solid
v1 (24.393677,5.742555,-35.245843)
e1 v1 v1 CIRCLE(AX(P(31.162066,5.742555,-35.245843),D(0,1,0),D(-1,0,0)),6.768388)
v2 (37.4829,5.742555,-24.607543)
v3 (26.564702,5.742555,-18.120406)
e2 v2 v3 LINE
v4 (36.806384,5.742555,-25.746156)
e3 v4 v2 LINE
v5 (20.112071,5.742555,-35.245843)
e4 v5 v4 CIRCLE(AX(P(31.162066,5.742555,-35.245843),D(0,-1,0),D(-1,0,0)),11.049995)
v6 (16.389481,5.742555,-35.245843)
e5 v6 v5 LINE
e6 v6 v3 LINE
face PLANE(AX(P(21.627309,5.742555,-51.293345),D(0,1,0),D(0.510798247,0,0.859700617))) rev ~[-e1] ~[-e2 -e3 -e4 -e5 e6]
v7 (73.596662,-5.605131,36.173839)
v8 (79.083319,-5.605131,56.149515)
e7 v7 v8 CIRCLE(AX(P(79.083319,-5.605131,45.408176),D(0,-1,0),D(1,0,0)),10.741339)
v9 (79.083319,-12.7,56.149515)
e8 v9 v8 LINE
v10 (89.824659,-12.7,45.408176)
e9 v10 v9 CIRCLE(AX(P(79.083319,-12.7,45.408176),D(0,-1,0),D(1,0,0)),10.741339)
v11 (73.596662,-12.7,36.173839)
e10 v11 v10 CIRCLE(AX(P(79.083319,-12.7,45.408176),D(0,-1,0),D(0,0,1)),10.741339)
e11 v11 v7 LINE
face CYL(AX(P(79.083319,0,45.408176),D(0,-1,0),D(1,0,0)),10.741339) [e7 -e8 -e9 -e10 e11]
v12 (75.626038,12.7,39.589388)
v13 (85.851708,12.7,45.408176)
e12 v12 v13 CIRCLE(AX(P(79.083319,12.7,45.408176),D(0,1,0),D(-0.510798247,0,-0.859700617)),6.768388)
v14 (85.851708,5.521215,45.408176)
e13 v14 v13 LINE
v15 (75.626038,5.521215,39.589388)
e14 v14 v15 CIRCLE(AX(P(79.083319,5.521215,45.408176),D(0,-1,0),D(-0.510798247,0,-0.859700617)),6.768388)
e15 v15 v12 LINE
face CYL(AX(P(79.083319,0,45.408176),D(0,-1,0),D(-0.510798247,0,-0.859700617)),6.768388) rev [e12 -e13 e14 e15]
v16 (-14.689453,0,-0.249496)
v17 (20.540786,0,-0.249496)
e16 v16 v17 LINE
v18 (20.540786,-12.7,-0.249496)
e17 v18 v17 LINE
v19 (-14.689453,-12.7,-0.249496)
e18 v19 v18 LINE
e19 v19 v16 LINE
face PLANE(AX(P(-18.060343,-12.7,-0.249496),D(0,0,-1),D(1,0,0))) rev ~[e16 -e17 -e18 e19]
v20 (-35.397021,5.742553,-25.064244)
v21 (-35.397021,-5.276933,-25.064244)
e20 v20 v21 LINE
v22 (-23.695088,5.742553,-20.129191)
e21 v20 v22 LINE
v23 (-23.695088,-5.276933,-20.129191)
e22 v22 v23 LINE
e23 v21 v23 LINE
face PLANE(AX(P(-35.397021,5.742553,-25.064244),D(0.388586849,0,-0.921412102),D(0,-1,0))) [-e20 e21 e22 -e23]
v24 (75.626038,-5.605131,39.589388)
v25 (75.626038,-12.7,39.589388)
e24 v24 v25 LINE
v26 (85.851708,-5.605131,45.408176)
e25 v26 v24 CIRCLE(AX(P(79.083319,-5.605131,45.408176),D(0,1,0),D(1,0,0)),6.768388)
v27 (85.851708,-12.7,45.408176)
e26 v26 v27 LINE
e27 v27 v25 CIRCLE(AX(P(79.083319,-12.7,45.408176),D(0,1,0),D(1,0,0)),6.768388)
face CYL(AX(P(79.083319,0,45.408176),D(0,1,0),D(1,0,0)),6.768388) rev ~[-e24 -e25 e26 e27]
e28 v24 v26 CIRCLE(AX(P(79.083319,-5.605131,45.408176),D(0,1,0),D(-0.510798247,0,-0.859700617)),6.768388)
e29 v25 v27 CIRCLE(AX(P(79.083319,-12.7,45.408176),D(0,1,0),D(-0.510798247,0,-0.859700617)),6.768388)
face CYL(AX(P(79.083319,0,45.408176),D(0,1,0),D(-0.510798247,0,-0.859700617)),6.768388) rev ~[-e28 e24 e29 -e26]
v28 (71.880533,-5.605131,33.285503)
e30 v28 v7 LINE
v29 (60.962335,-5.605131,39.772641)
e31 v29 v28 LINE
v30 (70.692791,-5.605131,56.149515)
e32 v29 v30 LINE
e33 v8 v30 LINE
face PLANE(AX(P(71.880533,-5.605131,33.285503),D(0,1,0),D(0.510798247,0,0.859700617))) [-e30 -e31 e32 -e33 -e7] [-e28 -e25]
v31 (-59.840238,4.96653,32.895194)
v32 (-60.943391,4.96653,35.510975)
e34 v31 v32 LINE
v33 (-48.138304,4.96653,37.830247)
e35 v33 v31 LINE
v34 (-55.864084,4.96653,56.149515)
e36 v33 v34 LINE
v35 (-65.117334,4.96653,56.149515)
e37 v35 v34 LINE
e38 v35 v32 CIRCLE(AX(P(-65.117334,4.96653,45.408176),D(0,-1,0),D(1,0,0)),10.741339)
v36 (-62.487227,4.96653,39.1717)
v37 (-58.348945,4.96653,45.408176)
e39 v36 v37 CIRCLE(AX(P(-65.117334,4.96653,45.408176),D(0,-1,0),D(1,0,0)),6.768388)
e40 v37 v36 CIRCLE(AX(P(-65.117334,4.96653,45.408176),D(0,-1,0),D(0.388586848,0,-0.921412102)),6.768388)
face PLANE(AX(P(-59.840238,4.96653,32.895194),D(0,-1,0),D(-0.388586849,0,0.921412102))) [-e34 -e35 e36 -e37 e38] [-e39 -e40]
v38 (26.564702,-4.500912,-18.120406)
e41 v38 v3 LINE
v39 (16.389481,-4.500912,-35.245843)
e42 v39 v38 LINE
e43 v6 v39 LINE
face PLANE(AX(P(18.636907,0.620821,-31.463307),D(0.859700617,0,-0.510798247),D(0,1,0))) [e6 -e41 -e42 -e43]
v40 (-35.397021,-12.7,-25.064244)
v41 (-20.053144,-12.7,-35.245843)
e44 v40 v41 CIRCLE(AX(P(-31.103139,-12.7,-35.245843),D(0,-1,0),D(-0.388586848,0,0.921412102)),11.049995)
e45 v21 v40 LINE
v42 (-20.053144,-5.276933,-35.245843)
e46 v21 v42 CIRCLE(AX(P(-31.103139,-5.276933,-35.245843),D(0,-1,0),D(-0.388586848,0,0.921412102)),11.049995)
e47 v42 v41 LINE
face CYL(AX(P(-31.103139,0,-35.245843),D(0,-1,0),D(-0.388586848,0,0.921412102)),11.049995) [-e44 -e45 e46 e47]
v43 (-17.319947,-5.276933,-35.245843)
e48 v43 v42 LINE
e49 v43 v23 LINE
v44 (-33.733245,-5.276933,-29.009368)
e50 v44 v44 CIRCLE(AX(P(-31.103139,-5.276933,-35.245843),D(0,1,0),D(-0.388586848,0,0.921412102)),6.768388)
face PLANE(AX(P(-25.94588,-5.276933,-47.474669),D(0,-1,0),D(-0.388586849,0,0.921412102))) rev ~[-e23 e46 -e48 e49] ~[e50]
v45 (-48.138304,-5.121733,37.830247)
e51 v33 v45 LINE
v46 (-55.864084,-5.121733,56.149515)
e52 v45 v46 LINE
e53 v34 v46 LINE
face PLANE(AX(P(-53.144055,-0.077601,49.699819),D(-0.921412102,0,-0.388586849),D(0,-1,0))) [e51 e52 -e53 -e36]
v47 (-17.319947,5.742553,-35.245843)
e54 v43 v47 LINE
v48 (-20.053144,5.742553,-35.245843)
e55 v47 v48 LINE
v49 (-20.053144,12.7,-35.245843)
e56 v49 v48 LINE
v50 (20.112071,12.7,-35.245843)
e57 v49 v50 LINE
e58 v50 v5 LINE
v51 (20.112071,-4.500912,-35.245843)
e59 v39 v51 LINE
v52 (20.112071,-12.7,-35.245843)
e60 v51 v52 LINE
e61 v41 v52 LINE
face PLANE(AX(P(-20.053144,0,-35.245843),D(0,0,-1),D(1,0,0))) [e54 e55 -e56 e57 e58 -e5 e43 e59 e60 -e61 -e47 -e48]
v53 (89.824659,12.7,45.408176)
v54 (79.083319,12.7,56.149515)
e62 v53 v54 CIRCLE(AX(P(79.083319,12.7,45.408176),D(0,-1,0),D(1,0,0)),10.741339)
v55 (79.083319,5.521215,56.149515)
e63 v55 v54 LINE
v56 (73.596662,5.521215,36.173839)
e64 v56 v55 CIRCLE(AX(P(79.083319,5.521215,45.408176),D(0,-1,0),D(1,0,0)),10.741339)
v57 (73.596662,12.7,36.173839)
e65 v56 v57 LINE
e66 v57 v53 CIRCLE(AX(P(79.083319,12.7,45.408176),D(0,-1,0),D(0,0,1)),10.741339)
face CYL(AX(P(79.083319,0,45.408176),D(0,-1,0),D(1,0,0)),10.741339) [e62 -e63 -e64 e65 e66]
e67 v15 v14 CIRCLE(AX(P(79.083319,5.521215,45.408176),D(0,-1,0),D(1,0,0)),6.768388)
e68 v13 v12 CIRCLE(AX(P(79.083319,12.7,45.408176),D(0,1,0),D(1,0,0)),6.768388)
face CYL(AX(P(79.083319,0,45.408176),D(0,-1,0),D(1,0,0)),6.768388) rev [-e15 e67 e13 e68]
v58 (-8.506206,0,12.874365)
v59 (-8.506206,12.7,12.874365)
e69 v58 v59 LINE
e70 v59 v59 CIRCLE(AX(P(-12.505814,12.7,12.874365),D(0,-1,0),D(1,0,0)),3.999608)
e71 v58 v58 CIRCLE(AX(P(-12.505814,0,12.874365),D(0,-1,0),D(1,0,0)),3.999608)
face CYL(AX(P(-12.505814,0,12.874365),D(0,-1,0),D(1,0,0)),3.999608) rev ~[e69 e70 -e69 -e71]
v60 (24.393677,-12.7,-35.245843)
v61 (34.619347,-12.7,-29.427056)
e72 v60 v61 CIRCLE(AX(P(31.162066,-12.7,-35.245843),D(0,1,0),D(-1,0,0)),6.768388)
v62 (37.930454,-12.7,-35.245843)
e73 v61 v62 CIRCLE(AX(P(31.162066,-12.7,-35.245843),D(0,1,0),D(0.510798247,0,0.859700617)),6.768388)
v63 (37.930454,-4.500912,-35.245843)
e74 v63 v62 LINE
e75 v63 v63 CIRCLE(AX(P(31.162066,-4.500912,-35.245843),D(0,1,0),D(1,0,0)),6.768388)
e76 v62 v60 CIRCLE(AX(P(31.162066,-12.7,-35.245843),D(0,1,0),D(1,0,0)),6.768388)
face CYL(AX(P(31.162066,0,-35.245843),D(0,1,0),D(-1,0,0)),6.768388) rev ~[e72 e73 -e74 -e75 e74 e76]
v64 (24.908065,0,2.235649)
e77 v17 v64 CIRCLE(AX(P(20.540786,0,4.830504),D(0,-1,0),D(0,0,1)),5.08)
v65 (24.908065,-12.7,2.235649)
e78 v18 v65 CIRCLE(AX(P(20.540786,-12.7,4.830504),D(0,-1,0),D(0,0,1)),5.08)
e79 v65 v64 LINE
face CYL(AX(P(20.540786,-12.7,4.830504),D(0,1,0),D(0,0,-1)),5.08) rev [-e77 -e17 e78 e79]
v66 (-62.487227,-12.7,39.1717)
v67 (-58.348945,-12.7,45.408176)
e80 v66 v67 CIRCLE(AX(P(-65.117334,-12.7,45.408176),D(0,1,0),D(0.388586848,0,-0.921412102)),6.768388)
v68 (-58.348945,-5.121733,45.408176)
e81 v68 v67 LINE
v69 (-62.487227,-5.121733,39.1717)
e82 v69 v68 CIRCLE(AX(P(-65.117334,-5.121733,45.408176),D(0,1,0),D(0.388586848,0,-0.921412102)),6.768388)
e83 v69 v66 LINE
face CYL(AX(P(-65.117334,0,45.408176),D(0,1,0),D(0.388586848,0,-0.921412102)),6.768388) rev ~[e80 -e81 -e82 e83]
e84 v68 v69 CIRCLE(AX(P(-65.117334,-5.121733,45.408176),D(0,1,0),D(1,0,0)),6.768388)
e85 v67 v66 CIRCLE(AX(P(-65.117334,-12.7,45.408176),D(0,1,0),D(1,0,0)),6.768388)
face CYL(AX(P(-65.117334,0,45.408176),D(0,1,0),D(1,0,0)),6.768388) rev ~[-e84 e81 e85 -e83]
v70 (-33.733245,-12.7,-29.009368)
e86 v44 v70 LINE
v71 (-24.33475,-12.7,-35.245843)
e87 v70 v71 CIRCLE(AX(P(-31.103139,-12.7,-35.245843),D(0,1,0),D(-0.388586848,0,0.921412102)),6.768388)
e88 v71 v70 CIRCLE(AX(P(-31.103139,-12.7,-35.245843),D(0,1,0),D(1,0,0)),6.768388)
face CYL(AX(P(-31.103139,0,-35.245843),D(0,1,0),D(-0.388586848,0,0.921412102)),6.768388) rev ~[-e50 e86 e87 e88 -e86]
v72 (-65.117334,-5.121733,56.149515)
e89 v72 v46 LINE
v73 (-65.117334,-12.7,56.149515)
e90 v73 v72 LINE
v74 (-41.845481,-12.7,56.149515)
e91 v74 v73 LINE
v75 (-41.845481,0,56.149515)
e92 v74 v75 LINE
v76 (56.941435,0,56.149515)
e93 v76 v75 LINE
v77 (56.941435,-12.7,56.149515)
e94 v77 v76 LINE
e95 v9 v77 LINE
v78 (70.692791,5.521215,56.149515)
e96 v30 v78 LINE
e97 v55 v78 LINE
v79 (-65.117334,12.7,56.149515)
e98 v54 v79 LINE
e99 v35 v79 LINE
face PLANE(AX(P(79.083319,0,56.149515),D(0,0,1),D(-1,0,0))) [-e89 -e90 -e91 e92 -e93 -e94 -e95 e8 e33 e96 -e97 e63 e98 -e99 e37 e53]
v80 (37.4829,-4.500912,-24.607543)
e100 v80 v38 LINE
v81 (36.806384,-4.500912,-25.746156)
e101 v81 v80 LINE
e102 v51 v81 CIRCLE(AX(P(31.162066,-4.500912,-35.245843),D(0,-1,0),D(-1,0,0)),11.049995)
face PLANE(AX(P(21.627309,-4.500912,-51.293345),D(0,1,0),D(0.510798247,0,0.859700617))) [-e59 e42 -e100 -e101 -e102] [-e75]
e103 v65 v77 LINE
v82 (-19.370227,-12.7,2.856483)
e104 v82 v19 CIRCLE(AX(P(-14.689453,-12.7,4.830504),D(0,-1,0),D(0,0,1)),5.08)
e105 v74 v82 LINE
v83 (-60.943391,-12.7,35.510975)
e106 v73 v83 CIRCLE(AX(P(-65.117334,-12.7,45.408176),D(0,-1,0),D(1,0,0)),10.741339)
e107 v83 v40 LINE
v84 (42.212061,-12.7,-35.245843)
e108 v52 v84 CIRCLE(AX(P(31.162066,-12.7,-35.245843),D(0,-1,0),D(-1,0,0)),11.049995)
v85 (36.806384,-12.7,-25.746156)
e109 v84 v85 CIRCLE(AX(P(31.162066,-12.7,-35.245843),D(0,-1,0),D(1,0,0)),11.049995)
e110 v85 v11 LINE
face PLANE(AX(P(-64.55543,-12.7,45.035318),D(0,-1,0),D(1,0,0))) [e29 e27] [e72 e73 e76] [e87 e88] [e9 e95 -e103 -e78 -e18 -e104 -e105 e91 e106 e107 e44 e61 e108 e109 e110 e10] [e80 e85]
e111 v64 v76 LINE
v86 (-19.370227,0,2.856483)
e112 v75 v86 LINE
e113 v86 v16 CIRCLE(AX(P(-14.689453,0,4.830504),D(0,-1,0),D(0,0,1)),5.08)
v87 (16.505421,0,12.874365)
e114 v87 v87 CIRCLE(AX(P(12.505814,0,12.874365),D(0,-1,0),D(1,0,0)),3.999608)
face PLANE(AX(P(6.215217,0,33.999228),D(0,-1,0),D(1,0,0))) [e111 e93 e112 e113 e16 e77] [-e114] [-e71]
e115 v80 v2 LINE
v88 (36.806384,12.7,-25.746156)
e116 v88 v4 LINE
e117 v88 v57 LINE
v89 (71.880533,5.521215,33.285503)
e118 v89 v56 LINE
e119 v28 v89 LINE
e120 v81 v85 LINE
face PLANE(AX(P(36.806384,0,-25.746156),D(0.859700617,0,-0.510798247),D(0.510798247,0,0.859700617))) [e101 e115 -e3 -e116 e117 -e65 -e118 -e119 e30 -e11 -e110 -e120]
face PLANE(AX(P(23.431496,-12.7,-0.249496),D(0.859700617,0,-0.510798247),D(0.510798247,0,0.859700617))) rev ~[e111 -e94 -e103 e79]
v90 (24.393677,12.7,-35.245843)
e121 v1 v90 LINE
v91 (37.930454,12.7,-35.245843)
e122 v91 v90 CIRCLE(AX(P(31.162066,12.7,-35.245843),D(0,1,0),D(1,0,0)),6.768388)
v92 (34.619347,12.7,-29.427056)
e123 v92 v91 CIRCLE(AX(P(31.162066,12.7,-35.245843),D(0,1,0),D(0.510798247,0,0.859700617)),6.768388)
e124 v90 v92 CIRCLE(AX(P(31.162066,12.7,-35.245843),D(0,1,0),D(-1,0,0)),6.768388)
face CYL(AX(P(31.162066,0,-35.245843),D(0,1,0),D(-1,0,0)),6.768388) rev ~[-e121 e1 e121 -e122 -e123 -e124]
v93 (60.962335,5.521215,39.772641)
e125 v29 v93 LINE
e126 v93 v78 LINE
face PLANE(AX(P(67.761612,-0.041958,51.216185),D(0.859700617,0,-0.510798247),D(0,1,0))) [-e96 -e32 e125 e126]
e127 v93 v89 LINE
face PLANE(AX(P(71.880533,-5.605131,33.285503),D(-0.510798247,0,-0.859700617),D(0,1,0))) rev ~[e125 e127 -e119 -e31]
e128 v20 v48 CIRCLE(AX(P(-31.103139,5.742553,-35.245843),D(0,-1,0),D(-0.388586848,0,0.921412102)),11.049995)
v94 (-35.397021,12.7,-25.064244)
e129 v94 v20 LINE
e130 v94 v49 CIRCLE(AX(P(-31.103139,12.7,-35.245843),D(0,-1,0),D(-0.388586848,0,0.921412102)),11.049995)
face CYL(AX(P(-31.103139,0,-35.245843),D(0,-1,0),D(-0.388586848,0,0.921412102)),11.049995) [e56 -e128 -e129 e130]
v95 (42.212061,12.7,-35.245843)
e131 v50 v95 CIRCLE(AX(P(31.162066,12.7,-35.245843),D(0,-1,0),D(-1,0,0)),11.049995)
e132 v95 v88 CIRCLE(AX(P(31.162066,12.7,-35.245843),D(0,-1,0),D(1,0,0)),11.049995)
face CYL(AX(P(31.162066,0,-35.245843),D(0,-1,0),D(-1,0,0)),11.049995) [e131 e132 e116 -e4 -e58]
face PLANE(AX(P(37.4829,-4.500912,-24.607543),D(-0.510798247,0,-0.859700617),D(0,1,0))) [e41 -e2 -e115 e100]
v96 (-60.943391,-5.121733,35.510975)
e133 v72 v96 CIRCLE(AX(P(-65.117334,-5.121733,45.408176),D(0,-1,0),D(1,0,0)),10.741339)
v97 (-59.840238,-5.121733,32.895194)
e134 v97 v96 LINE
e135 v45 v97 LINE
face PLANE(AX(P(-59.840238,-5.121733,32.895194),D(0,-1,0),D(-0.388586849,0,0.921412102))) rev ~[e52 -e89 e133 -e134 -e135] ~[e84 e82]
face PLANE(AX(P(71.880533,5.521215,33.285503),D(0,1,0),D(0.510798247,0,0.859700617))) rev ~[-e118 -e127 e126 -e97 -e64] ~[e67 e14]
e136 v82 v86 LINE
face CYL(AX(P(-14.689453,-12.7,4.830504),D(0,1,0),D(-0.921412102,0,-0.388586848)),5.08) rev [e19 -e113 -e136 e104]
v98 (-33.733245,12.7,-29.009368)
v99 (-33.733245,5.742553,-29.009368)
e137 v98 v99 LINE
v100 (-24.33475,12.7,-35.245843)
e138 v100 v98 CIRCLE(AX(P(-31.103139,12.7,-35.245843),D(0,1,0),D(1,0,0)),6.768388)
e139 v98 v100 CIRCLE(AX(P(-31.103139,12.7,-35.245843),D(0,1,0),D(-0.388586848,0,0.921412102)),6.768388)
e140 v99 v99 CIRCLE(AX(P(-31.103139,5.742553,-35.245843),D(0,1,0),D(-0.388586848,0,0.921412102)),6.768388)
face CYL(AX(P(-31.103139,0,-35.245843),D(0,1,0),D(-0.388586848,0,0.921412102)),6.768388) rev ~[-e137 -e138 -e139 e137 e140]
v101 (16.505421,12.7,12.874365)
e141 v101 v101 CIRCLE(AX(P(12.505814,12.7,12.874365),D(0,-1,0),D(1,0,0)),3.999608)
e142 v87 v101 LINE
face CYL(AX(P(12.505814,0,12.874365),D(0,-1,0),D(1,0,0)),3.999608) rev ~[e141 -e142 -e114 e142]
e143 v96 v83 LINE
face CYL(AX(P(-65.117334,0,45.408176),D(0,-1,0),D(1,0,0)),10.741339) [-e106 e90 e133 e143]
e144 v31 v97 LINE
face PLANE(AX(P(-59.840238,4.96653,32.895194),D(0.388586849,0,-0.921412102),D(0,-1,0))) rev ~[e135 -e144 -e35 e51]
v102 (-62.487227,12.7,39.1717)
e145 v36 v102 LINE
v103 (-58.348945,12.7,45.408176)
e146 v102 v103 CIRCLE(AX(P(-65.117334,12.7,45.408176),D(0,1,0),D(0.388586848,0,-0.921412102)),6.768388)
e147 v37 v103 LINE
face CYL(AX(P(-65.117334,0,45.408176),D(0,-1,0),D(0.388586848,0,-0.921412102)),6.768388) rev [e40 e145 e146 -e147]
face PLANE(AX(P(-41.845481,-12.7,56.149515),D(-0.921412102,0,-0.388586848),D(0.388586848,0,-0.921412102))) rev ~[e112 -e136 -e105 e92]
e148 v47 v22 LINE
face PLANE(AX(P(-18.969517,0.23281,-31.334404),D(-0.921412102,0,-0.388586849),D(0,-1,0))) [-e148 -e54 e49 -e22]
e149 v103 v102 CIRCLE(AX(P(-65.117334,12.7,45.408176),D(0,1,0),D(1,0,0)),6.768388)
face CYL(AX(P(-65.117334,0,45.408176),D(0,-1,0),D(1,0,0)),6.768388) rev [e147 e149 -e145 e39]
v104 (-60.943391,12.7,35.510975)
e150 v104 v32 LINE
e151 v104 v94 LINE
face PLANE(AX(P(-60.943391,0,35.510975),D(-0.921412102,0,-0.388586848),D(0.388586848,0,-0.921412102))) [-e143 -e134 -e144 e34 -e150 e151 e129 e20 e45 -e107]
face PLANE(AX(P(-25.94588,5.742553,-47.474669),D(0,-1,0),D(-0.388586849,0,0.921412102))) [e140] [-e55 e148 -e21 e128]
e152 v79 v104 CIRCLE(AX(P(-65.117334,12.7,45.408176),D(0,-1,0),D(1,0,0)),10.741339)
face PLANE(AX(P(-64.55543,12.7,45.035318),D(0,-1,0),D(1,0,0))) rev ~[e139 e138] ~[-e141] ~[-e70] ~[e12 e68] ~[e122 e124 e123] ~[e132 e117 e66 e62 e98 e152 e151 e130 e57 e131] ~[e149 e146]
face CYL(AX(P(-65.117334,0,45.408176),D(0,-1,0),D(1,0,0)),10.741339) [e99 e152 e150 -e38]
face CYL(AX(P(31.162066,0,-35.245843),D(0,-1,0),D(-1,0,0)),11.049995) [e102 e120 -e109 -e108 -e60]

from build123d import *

# Parameters (mm, degrees)
F1_DEPTH  = 12.7
F3_DEPTH  = 12.7
F4_R      = 5.08
F5_R      = 3.9996078941
F6_DEPTH  = 25.4
F9_W      = 11.1263459548
F9_H      = 26.6221612692
F10_DEPTH = 12.7
F11_W     = 10.2434670553
F11_H     = 31.0408079531
F12_DEPTH = 12.7
F13_W     = 10.0882626139
F13_H     = 25.7638730109
F14_DEPTH = 12.7
F15_W     = 11.0194860026
F15_H     = 24.3218261437
F16_DEPTH = 12.7


with BuildPart() as f1:
    # F0 (on Front) → F1 (new body, symmetric)
    with BuildSketch(Plane.XZ):
        with BuildLine():
            ThreePointArc((-60.9433906042, 35.5109754222), (-56.1671910173, 39.4692096565), (-54.3759944375, 45.4081755227))
            ThreePointArc((-54.3759944375, 45.4081755227), (-57.5220599051, 53.0034494428), (-65.1173338252, 56.1495149105))
            ThreePointArc((-65.1173338252, 56.1495149105), (-75.6455235346, 43.2789518879), (-60.9433906042, 35.5109754222))
        make_face()
        with BuildLine():
            ThreePointArc((-58.3489453471, 45.4081755227), (-59.4776234248, 41.6658835524), (-62.4872270773, 39.1717004698))
            ThreePointArc((-62.4872270773, 39.1717004698), (-70.7570442257, 49.150467493), (-58.3489453471, 45.4081755227))
        make_face(mode=Mode.SUBTRACT)
        with BuildLine():
            ThreePointArc((-65.1173338252, 56.1495149105), (-57.5220599051, 53.0034494428), (-54.3759944375, 45.4081755227))
            ThreePointArc((-54.3759944375, 45.4081755227), (-56.1671910173, 39.4692096565), (-60.9433906042, 35.5109754222))
            Line((-60.9433906042, 35.5109754222), (-35.3970214505, -25.0642442118))
            ThreePointArc((-35.3970214505, -25.0642442118), (-24.9935148248, -26.0385154856), (-20.0531436301, -35.2458433869))
            Line((-20.0531436301, -35.2458433869), (20.1120705093, -35.2458433869))
            ThreePointArc((20.1120705093, -35.2458433869), (25.6970539708, -25.6418838342), (36.8063836854, -25.7461558165))
            Line((36.8063836854, -25.7461558165), (73.5966621145, 36.1738394268))
            ThreePointArc((73.5966621145, 36.1738394268), (68.7255805584, 48.2531038009), (79.0833194494, 56.1495149105))
            Line((79.0833194494, 56.1495149105), (-65.1173338252, 56.1495149105))
        make_face()
        with BuildLine():
            ThreePointArc((89.8246588372, 45.4081755227), (86.6785933696, 53.0034494428), (79.0833194494, 56.1495149105))
            ThreePointArc((79.0833194494, 56.1495149105), (68.7255805584, 48.2531038009), (73.5966621145, 36.1738394268))
            ThreePointArc((73.5966621145, 36.1738394268), (84.3956787796, 36.0724800376), (89.8246588372, 45.4081755227))
        make_face()
        with BuildLine():
            ThreePointArc((85.8517079276, 45.4081755227), (82.4307708597, 39.5255186699), (75.6260384765, 39.5893877739))
            ThreePointArc((75.6260384765, 39.5893877739), (75.7358680391, 51.2908323755), (85.8517079276, 45.4081755227))
        make_face(mode=Mode.SUBTRACT)
        with BuildLine():
            Line((-33.7332454412, -29.009368334), (-35.3970214505, -25.0642442118))
            ThreePointArc((-35.3970214505, -25.0642442118), (-37.2127625616, -44.4531712882), (-20.0531436301, -35.2458433869))
            Line((-20.0531436301, -35.2458433869), (-24.334750215, -35.2458433869))
            ThreePointArc((-24.334750215, -35.2458433869), (-34.8454306635, -40.8855537873), (-33.7332454412, -29.009368334))
        make_face()
        with BuildLine():
            ThreePointArc((-20.0531436301, -35.2458433869), (-24.9935148248, -26.0385154856), (-35.3970214505, -25.0642442118))
            Line((-35.3970214505, -25.0642442118), (-33.7332454412, -29.009368334))
            ThreePointArc((-33.7332454412, -29.009368334), (-27.3608467229, -29.6061329865), (-24.334750215, -35.2458433869))
            Line((-24.334750215, -35.2458433869), (-20.0531436301, -35.2458433869))
        make_face()
        with BuildLine():
            Line((34.6193465454, -29.4270556381), (36.8063836854, -25.7461558165))
            ThreePointArc((36.8063836854, -25.7461558165), (25.6970539708, -25.6418838342), (20.1120705093, -35.2458433869))
            Line((20.1120705093, -35.2458433869), (24.3936770943, -35.2458433869))
            ThreePointArc((24.3936770943, -35.2458433869), (27.8146141622, -29.3631865341), (34.6193465454, -29.4270556381))
        make_face()
        with BuildLine():
            ThreePointArc((42.2120606357, -35.2458433869), (40.7660251252, -29.7808317852), (36.8063836854, -25.7461558165))
            Line((36.8063836854, -25.7461558165), (34.6193465454, -29.4270556381))
            ThreePointArc((34.6193465454, -29.4270556381), (37.0447224253, -31.8983919766), (37.9304540507, -35.2458433869))
            ThreePointArc((37.9304540507, -35.2458433869), (31.1620655725, -42.0142318651), (24.3936770943, -35.2458433869))
            Line((24.3936770943, -35.2458433869), (20.1120705093, -35.2458433869))
            ThreePointArc((20.1120705093, -35.2458433869), (31.1620655725, -46.2958384501), (42.2120606357, -35.2458433869))
        make_face()
    extrude(amount=F1_DEPTH, both=True)

    # F2 (on face) → F3 (cut)
    with BuildSketch(Plane.XZ.offset(12.7)):
        Polygon((-41.8454812837, 56.1495149105), (-18.0603434561, -0.2494958163), (23.4314955848, -0.2494958163), (56.9414353, 56.1495149105), align=None)
    extrude(amount=-F3_DEPTH, mode=Mode.SUBTRACT)

    # F4
    f4_edges = [f1.edges().sort_by_distance(p)[0] for p in [
        (23.431496, -6.35, -0.249496),
        (-18.060343, -6.35, -0.249496),
    ]]
    fillet(f4_edges, radius=F4_R)

    # F5 (on face) → F6 (cut)
    with BuildSketch(Plane.XZ):
        with Locations((-12.5058135018, 12.8743648529)):
            Circle(F5_R)
        with Locations((12.5058135018, 12.8743648529)):
            Circle(F5_R)
    extrude(amount=-F6_DEPTH, mode=Mode.SUBTRACT)

    # F9 (on face) → F10 (cut, symmetric)
    with BuildSketch(Plane(origin=(38.5090528963, 0, -22.8804729802), x_dir=(0, 1, 0), z_dir=(0.8597006167, 0, -0.5107982475))):
        with Locations((-0.0419579446, 78.6430984735)):
            Rectangle(F9_W, F9_H)
    extrude(amount=F10_DEPTH, both=True, mode=Mode.SUBTRACT)

    # F11 (on face) → F12 (cut, symmetric)
    with BuildSketch(Plane(origin=(38.5090528963, 0, -22.8804729802), x_dir=(0, 1, 0), z_dir=(0.8597006167, 0, -0.5107982475))):
        with Locations((0.6208214909, -17.5293247448)):
            Rectangle(F11_W, F11_H)
    extrude(amount=F12_DEPTH, both=True, mode=Mode.SUBTRACT)

    # F13 (on face) → F14 (cut, symmetric)
    with BuildSketch(Plane(origin=(-39.0262986274, 0, -16.4585491801), x_dir=(0, -1, 0), z_dir=(-0.9214121017, 0, -0.3885868485))):
        with Locations((0.0776012894, 66.4450954646)):
            Rectangle(F13_W, F13_H)
    extrude(amount=F14_DEPTH, both=True, mode=Mode.SUBTRACT)

    # F15 (on face) → F16 (cut, symmetric)
    with BuildSketch(Plane(origin=(-39.0262986274, 0, -16.4585491801), x_dir=(0, -1, 0), z_dir=(-0.9214121017, 0, -0.3885868485))):
        with Locations((-0.2328096889, -21.5005939982)):
            Rectangle(F15_W, F15_H)
    extrude(amount=F16_DEPTH, both=True, mode=Mode.SUBTRACT)


solid = f1.part
